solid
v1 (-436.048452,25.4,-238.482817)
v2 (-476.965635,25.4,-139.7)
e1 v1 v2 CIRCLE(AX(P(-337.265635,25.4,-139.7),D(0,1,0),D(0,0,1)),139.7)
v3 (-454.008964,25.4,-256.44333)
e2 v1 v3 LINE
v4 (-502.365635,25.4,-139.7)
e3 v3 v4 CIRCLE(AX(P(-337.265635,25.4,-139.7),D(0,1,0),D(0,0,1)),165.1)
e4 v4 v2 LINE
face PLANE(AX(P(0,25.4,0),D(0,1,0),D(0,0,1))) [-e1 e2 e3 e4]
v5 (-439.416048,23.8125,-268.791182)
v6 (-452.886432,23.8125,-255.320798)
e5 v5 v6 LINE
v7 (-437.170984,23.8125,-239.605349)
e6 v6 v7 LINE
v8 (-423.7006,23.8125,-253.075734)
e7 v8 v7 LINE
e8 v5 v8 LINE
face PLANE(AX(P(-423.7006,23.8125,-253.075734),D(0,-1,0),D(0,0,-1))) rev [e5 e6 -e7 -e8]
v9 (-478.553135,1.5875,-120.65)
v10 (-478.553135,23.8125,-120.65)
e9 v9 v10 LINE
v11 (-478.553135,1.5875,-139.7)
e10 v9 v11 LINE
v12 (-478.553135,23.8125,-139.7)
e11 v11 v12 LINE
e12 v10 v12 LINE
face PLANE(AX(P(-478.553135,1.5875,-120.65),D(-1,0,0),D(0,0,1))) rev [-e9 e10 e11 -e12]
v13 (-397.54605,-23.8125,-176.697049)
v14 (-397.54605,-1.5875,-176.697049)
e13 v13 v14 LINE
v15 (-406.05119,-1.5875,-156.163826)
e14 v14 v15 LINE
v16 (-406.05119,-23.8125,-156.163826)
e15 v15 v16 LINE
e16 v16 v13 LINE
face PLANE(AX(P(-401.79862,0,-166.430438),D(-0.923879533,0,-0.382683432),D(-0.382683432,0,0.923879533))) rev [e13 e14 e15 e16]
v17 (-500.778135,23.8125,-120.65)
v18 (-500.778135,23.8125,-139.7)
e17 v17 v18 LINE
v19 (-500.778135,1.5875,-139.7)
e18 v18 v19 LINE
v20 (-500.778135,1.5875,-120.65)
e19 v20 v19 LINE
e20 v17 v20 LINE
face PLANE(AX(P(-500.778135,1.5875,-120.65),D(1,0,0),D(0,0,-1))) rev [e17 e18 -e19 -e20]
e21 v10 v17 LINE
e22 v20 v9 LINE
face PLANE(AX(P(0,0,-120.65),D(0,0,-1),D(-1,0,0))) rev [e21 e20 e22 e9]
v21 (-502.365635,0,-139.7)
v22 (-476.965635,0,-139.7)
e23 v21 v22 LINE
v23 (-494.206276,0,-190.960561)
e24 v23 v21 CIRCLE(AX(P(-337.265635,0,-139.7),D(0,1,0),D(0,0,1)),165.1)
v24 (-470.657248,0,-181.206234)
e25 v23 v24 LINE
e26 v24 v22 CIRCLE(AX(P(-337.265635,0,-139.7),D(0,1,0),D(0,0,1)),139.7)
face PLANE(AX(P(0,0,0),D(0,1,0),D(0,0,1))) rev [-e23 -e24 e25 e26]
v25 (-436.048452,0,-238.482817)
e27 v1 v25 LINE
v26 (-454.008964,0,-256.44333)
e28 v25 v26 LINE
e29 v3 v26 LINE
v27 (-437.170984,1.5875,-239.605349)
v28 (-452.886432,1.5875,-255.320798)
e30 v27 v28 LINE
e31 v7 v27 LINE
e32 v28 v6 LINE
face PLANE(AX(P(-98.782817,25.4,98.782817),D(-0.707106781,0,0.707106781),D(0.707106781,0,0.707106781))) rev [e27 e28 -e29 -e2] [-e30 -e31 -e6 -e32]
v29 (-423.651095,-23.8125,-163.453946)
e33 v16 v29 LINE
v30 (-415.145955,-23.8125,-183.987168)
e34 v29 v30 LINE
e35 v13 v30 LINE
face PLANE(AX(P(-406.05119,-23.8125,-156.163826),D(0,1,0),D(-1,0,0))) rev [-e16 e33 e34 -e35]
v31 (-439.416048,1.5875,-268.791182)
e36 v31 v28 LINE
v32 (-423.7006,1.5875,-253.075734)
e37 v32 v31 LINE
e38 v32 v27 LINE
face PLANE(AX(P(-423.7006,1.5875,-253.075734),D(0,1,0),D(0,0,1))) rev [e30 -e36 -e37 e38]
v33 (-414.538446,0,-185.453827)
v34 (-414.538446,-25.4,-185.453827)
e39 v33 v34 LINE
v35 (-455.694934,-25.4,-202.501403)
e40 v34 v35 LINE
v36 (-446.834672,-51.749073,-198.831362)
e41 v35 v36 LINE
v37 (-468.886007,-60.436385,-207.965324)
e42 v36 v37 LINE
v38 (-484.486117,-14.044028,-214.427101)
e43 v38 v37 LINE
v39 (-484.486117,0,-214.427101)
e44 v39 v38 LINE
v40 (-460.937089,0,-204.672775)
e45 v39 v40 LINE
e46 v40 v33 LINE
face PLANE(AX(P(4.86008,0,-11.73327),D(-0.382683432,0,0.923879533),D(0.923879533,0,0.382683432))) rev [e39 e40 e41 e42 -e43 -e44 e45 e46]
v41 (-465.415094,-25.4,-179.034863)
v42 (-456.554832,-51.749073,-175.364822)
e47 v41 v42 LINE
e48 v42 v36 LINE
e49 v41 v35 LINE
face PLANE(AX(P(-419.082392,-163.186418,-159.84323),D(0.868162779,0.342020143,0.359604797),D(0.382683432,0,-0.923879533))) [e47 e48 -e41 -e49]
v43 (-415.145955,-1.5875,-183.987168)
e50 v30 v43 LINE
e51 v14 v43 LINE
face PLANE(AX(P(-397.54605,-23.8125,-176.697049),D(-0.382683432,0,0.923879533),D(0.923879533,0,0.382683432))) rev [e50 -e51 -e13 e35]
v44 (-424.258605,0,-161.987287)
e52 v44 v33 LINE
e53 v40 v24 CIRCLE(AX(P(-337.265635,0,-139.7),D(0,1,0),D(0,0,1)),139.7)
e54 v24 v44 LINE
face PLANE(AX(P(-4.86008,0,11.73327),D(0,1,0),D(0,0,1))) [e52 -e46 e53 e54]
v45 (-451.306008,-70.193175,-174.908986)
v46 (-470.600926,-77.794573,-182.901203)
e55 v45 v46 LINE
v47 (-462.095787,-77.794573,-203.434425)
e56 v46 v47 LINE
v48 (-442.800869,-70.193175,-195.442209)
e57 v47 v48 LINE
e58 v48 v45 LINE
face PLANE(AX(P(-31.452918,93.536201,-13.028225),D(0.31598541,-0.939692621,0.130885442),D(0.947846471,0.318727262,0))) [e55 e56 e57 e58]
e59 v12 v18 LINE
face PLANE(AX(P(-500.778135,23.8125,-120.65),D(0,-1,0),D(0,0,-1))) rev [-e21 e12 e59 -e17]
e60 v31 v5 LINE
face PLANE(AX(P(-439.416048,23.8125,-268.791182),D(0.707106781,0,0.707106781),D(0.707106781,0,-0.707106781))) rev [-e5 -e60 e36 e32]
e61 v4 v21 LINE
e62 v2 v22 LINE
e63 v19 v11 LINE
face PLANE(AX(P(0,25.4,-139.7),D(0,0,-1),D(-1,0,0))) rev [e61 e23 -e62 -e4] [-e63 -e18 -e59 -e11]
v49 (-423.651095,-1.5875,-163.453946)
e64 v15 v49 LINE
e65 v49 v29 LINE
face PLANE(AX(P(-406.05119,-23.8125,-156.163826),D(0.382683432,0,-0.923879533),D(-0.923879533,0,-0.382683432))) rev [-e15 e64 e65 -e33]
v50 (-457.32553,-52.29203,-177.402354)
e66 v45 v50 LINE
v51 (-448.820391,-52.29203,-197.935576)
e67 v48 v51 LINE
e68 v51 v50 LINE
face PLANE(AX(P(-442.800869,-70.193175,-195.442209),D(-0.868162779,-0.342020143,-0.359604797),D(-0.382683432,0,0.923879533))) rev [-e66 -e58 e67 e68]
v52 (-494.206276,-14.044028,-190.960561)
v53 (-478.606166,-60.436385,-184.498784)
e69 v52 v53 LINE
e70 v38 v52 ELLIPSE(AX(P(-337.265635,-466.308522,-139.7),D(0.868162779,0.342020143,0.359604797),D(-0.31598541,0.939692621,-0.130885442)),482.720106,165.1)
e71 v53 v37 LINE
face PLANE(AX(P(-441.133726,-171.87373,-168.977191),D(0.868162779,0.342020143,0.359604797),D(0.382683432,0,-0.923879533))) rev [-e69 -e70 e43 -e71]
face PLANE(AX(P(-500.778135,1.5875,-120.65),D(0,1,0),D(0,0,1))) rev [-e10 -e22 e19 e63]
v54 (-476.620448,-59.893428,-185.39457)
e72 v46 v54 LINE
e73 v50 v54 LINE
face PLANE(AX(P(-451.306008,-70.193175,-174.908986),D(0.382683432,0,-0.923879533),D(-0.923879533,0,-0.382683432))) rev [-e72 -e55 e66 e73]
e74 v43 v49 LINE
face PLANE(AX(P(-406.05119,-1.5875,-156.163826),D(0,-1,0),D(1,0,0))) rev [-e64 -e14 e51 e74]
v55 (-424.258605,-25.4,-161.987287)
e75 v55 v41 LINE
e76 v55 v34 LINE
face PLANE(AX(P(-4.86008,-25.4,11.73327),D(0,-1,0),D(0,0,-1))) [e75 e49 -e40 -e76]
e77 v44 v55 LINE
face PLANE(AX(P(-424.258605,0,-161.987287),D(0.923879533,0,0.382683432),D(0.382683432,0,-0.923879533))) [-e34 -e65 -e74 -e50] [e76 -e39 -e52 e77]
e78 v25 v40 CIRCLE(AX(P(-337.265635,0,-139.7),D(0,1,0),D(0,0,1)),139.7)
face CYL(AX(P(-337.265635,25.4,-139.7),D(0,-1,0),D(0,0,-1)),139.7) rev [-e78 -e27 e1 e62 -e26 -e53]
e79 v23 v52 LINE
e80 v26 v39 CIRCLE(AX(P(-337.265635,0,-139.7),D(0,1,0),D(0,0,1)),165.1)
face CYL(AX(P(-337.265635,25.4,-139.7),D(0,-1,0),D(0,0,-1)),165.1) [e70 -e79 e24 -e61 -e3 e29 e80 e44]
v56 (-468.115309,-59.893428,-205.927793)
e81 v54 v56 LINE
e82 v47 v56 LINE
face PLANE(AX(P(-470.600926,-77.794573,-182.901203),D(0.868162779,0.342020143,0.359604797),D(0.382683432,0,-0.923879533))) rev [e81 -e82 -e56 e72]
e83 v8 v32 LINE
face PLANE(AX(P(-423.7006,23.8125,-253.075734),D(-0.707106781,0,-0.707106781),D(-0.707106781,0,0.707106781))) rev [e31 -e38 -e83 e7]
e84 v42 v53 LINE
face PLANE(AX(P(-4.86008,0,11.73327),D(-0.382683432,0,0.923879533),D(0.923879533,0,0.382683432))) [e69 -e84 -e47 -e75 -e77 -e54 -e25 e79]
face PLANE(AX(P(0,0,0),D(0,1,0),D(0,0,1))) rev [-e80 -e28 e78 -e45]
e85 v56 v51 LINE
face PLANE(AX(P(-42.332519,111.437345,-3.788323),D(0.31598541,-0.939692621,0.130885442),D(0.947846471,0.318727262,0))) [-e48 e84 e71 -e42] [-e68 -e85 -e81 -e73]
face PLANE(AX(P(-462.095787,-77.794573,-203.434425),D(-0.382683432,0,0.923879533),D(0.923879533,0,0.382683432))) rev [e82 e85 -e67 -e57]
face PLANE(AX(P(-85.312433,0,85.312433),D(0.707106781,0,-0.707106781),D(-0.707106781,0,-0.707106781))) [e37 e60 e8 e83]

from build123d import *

# Parameters (mm, degrees)
BOSS_EXTRUDE1_DEPTH = 25.4
BOSS_EXTRUDE2_DEPTH = 12.7
SKETCH3_W           = 22.225
SKETCH3_H           = 22.225
BOSS_EXTRUDE3_DEPTH = 19.05
SKETCH4_W           = 22.225
SKETCH4_H           = 22.225
BOSS_EXTRUDE4_DEPTH = 19.05
SKETCH5_W           = 22.225
SKETCH5_H           = 22.225
BOSS_EXTRUDE5_DEPTH = 19.05
BOSS_EXTRUDE6_DEPTH = 19.05
CUT_EXTRUDE1_DEPTH  = 580.024222363


with BuildPart() as part:
    # Sketch1 → Boss-Extrude1 (new body)
    with BuildSketch(Plane(origin=(0, 0, 0), x_dir=(1, 0, 0), z_dir=(0, 1, 0))):
        with BuildLine():
            ThreePointArc((-476.965634664, 139.7), (-466.331605355, 193.160875501), (-436.048451995, 238.482817332))
            Line((-436.048451995, 238.482817332), (-454.008964237, 256.443329574))
            ThreePointArc((-454.008964237, 256.443329574), (-489.798145481, 202.881034683), (-502.365634664, 139.7))
            Line((-502.365634664, 139.7), (-476.965634664, 139.7))
        make_face()
    extrude(amount=BOSS_EXTRUDE1_DEPTH)

    # Sketch2 → Boss-Extrude2 (add, symmetric)
    with BuildSketch(Plane(origin=(0, 0, 0), x_dir=(0.9238795325112892, 0, 0.3826834323650839), z_dir=(-0.3826834323650839, 0, 0.9238795325112892))):
        Polygon((-530.153692386, 0), (-530.153692386, -12.7), (-512.779069106, -60.436385136), (-488.910876538, -51.749073495), (-498.50115499, -25.4), (-453.953692386, -25.4), (-453.953692386, 0), align=None)
    extrude(amount=BOSS_EXTRUDE2_DEPTH, both=True)

    # Sketch3 → Boss-Extrude3 (add)
    with BuildSketch(Plane.XY.offset(-139.7)):
        with Locations((-489.665634664, 12.7)):
            Rectangle(SKETCH3_W, SKETCH3_H)
    extrude(amount=BOSS_EXTRUDE3_DEPTH)

    # Sketch4 → Boss-Extrude4 (add)
    with BuildSketch(Plane(origin=(-98.782817332, 0, 98.782817332), x_dir=(-0.7071067811865343, 0, -0.7071067811865608), z_dir=(0.7071067811865608, 0, -0.7071067811865343))):
        with Locations((489.665634664, 12.7)):
            Rectangle(SKETCH4_W, SKETCH4_H)
    extrude(amount=BOSS_EXTRUDE4_DEPTH)

    # Sketch5 → Boss-Extrude5 (add)
    with BuildSketch(Plane(origin=(-419.398525104, 0, -173.720557137), x_dir=(0.3826834323650839, 0, -0.9238795325112892), z_dir=(0.9238795325112892, 0, 0.3826834323650839))):
        with Locations((0, -12.7)):
            Rectangle(SKETCH5_W, SKETCH5_H)
    extrude(amount=BOSS_EXTRUDE5_DEPTH)

    # Sketch6 → Boss-Extrude6 (add)
    with BuildSketch(Plane(origin=(-37.4724398, 111.437344998, -15.52159278), x_dir=(0.9487640489542349, 0.3129641753372822, -0.043591333627466894), z_dir=(0.31598541012516107, -0.9396926207859091, 0.13088544238586405))):
        Polygon((-462.863246728, -191.884470829), (-453.898805786, -212.221368911), (-433.561907704, -203.25692797), (-442.526348645, -182.920029887), align=None)
    extrude(amount=BOSS_EXTRUDE6_DEPTH)

    # Sketch7 → Cut-Extrude1 (cut, through all)
    with BuildSketch(Plane(origin=(0, 25.4, 0), x_dir=(1, 0, 0), z_dir=(0, 1, 0))):
        with BuildLine():
            ThreePointArc((-494.206275899, 190.960561143), (-492.116958141, 196.963230937), (-489.798145481, 202.881034683))
            Line((-489.798145481, 202.881034683), (-494.658225072, 191.147764621))
            Line((-494.658225072, 191.147764621), (-494.206275899, 190.960561143))
        make_face()
        with BuildLine():
            Line((-484.486116716, 214.427101269), (-484.93806589, 214.614304746))
            Line((-484.93806589, 214.614304746), (-489.798145481, 202.881034683))
            ThreePointArc((-489.798145481, 202.881034683), (-487.253274478, 208.705201999), (-484.486116716, 214.427101269))
        make_face()
    extrude(amount=-CUT_EXTRUDE1_DEPTH, mode=Mode.SUBTRACT)


solid = part.part
